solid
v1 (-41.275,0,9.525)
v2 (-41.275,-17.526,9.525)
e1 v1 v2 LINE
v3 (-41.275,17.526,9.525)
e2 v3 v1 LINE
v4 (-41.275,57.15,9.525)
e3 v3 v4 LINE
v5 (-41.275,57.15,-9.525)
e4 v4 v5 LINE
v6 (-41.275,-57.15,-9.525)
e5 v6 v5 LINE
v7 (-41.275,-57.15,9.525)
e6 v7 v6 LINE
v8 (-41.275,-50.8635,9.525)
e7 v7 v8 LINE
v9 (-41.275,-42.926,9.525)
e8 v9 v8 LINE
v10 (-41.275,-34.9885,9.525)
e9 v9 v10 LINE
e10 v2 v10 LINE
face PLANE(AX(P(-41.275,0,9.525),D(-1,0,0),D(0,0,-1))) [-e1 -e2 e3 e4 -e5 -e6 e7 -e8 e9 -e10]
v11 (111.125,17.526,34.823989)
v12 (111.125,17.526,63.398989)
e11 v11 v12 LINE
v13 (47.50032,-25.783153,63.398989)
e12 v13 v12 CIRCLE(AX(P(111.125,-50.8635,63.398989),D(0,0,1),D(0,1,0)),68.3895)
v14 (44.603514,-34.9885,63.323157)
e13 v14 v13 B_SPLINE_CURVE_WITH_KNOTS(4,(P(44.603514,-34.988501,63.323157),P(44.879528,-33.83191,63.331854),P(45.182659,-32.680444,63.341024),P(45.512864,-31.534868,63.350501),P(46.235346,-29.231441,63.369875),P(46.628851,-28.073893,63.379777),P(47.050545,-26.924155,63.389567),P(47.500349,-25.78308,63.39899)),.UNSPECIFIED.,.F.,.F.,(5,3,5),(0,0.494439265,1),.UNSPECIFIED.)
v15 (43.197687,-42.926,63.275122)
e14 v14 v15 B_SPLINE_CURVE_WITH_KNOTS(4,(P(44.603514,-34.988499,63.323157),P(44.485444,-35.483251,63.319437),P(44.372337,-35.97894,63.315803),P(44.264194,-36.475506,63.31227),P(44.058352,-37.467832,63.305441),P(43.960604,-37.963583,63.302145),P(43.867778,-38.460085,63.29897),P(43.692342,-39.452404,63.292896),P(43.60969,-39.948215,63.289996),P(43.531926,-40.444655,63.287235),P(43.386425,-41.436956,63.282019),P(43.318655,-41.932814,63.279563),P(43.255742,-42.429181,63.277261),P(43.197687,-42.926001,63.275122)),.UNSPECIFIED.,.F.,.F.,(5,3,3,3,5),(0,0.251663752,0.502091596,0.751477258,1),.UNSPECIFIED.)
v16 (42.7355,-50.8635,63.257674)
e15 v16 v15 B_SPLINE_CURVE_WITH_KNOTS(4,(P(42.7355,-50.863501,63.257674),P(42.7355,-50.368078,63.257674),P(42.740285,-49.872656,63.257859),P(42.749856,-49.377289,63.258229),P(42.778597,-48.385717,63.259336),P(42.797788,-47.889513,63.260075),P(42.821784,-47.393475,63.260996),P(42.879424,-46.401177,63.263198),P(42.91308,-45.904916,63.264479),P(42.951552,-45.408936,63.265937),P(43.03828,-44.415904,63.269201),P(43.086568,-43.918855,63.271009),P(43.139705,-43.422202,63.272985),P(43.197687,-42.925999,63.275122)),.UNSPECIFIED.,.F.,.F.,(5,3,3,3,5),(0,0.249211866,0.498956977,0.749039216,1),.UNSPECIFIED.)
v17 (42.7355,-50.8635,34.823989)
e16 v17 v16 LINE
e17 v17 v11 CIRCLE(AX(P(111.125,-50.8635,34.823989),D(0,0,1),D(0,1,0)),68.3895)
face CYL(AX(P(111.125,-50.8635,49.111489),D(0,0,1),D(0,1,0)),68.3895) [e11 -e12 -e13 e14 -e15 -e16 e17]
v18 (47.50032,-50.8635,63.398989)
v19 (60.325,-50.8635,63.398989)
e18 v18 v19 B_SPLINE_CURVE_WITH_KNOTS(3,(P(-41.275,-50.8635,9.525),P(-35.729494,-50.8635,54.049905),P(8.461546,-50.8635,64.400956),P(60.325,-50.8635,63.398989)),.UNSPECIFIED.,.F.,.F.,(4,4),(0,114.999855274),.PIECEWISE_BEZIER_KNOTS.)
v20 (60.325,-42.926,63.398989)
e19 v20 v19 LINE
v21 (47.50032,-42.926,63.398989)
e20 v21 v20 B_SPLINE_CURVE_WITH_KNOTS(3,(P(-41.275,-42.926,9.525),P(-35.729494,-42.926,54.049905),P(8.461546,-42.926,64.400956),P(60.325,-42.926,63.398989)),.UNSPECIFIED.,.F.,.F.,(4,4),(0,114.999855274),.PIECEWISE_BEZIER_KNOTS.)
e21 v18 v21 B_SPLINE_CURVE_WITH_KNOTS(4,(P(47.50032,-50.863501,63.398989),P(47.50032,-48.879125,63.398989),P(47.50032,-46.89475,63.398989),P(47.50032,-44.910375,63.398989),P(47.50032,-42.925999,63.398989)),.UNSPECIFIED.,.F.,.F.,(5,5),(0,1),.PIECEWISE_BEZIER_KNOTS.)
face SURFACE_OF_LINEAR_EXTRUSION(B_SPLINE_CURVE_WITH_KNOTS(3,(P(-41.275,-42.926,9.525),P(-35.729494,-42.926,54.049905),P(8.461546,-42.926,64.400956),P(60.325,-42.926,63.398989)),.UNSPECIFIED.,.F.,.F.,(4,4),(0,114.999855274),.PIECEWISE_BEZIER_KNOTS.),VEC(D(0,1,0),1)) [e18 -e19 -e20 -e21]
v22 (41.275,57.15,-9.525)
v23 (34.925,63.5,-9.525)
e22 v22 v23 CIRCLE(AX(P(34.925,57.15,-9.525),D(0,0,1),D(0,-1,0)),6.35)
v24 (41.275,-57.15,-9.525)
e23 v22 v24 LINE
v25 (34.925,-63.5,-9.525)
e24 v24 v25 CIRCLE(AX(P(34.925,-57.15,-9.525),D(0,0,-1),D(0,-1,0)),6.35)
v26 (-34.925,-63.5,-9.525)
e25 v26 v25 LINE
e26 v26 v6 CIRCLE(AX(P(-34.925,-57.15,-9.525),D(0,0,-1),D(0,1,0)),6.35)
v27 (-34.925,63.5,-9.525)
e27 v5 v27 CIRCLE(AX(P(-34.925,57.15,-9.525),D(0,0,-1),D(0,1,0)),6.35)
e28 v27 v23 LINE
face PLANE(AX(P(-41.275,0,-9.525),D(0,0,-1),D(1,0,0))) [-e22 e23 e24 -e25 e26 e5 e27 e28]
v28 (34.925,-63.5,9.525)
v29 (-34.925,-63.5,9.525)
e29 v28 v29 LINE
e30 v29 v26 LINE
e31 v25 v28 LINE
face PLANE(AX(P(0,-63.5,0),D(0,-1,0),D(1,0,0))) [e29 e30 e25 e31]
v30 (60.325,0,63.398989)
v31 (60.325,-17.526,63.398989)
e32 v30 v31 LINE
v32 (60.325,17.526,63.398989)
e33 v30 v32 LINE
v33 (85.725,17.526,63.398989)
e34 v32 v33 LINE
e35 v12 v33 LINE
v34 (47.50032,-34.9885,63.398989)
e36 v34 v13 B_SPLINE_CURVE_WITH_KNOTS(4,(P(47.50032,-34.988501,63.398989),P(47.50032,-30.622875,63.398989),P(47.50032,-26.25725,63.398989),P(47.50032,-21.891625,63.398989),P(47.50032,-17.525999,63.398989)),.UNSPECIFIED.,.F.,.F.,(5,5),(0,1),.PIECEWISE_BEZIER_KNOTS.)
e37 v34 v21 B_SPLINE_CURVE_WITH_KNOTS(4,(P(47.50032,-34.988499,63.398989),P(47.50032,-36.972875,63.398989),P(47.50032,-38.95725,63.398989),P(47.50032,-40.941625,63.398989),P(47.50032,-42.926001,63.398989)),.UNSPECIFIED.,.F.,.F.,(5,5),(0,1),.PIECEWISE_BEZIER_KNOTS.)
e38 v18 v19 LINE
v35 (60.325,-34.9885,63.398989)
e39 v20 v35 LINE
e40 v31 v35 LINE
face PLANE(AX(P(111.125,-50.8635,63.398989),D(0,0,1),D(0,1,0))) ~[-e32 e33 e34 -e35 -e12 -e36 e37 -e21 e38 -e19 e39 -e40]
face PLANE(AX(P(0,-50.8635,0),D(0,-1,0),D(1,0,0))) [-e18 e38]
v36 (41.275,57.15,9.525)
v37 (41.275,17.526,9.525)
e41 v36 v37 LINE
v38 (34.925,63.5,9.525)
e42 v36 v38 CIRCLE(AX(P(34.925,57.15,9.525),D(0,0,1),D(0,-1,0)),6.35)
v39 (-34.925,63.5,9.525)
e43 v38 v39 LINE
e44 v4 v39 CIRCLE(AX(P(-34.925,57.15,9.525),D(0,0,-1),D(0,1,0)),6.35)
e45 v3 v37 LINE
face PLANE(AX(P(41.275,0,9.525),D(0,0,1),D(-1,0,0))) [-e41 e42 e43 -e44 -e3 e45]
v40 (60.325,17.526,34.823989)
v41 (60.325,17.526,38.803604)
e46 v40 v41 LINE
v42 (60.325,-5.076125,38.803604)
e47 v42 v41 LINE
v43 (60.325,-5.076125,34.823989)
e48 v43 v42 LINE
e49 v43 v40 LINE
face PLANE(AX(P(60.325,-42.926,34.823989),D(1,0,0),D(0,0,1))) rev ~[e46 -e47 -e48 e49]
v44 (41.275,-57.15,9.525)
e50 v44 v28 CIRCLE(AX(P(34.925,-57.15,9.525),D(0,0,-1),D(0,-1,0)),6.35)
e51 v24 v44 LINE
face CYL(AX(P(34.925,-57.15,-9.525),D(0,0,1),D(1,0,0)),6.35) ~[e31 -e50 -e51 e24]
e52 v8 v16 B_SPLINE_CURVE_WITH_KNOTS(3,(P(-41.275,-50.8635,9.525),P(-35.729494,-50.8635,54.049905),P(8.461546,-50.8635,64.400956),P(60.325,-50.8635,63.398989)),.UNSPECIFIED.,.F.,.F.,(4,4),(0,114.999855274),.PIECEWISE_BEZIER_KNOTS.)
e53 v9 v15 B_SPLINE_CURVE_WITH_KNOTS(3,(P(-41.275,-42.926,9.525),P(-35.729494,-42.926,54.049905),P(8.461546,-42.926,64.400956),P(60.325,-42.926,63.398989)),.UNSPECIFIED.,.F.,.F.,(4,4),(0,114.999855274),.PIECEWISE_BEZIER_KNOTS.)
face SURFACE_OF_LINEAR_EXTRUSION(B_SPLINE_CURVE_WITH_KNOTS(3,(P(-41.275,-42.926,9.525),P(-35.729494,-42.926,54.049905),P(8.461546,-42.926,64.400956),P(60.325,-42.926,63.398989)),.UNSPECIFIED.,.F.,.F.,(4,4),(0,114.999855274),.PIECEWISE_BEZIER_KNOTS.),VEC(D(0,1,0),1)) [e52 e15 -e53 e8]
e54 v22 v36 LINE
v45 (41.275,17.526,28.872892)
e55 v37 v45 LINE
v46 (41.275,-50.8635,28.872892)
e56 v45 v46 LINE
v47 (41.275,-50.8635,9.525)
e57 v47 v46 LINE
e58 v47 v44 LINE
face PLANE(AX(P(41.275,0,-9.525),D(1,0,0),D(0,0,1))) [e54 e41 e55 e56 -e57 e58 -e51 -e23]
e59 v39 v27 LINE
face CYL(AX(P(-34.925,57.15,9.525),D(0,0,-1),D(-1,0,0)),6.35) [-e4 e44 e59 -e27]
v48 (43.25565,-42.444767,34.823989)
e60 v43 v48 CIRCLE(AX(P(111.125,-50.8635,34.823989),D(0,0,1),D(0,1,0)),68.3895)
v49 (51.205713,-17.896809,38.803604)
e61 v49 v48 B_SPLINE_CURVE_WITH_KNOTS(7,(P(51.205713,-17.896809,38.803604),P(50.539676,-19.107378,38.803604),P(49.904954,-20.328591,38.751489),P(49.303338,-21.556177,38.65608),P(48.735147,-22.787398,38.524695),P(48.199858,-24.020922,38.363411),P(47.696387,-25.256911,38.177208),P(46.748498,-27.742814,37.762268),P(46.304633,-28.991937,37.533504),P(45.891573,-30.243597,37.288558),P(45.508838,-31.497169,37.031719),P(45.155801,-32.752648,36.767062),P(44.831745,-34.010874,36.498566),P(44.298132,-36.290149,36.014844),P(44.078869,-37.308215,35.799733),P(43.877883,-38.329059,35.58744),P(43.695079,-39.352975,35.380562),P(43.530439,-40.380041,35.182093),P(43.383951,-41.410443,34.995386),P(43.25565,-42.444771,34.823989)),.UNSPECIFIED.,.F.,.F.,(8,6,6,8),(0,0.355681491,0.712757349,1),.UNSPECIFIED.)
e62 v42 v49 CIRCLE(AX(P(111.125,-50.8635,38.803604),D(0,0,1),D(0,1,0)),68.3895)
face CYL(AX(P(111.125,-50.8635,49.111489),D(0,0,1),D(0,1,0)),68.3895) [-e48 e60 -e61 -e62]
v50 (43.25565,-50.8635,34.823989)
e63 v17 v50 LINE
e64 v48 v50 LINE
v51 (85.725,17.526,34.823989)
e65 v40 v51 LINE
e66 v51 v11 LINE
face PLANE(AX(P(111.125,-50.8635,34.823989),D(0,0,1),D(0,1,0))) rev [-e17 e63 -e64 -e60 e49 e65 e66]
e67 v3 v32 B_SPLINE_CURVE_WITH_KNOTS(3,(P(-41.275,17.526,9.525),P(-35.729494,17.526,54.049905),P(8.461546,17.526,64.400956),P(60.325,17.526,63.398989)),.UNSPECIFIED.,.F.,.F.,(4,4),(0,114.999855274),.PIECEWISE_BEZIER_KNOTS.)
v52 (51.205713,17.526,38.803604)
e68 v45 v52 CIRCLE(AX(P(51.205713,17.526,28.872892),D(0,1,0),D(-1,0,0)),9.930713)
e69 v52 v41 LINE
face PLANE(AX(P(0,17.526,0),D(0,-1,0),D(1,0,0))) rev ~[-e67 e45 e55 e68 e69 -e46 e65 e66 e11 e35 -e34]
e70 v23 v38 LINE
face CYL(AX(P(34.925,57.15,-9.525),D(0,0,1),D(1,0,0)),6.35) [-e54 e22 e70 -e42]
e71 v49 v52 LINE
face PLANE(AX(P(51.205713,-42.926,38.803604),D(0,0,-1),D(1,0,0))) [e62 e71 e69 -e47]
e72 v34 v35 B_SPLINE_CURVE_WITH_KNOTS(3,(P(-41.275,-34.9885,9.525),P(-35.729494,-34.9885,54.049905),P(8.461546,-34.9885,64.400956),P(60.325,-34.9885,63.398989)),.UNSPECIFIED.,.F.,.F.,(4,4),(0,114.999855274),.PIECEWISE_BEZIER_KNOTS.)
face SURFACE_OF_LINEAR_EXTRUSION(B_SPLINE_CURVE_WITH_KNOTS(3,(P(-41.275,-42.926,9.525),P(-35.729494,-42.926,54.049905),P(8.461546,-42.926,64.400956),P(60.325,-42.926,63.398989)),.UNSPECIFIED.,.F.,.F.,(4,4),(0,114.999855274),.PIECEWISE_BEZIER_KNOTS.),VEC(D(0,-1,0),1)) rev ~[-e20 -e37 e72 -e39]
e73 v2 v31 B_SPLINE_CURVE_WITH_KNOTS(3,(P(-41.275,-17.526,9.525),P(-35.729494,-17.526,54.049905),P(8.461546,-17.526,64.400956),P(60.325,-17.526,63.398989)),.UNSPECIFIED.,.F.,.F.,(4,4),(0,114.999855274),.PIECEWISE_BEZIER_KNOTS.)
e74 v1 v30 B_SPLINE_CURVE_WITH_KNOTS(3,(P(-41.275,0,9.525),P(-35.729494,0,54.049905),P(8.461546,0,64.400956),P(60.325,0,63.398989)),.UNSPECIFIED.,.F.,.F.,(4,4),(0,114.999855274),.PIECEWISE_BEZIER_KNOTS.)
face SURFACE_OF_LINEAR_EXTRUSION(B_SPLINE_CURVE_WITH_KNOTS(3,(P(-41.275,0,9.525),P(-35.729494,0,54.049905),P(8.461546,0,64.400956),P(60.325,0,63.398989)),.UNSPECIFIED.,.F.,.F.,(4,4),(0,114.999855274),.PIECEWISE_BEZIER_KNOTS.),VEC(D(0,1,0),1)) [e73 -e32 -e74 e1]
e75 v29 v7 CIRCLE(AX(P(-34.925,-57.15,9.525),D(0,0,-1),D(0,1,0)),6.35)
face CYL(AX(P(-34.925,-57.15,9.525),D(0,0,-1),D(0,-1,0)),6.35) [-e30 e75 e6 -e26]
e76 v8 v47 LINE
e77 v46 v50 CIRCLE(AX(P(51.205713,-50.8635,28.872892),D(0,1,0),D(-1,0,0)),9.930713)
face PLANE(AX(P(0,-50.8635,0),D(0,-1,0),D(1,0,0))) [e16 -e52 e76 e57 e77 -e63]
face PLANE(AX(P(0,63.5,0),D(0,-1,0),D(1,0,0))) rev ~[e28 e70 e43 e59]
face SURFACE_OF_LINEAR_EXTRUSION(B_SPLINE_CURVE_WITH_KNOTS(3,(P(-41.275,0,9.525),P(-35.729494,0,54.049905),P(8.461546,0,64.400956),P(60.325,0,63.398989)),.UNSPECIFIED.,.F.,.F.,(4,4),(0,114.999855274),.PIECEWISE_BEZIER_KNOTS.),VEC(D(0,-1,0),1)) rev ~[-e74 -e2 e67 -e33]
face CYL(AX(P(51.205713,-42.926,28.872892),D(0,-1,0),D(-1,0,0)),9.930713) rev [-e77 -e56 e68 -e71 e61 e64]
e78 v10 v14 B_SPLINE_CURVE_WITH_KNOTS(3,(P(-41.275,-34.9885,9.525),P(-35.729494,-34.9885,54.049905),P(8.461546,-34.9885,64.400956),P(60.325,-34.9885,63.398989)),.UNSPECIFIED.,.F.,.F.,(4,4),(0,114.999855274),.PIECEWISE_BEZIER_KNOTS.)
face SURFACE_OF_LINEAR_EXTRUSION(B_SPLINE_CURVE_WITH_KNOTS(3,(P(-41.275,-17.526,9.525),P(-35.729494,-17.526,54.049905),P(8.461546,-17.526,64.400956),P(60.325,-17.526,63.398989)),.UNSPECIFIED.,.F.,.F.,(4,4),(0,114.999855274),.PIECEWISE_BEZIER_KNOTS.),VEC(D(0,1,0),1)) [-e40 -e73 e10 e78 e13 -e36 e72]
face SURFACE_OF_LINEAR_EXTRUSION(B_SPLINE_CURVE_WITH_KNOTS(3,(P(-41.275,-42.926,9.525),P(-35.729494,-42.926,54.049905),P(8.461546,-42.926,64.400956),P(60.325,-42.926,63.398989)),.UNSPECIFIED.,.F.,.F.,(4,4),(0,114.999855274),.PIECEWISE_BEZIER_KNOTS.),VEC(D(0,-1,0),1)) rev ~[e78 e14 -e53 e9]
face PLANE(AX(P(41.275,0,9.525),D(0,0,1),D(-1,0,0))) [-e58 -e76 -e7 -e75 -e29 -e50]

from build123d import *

# Parameters (mm, degrees)
F1_DEPTH  = 63.5
F0_W      = 25.4
F0_H      = 5.545384808
F0_H_2    = 19.05
F0_H_3    = 3.979615192
F2_DEPTH  = 17.526
F3_DEPTH  = 25.4
F4_DEPTH  = 7.9375
F4_FACE_W = 68.3895
F4_FACE_H = 28.575
F6_R      = 6.35


with BuildPart() as f1:
    # F0 (on Front) → F1 (new body, symmetric)
    with BuildSketch(Plane.XZ):
        Polygon((-41.275, -9.525), (41.275, -9.525), (41.275, 9.525), (22.225, 9.525), (-41.275, 9.525), align=None)
    extrude(amount=F1_DEPTH, both=True)

    # F0 (on Front) → F2 (join, symmetric)
    with BuildSketch(Plane.XZ):
        Polygon((-41.275, -9.525), (41.275, -9.525), (41.275, 9.525), (22.225, 9.525), (-41.275, 9.525), align=None)
        with BuildLine():
            Line((22.225, 9.525), (41.275, 9.525))
            Line((41.275, 9.525), (41.275, 28.8728918047))
            ThreePointArc((41.275, 28.8728918047), (44.1836383767, 35.8949660218), (51.2057125939, 38.8036043985))
            Line((51.2057125939, 38.8036043985), (60.325, 38.8036043985))
            Line((60.325, 38.8036043985), (60.325, 57.8536043985))
            Line((60.325, 57.8536043985), (51.2057125939, 57.8536043985))
            ThreePointArc((51.2057125939, 57.8536043985), (30.7132541951, 49.3653502034), (22.225, 28.8728918047))
            Line((22.225, 28.8728918047), (22.225, 9.525))
        make_face()
        with BuildLine():
            add(Edge.make_bspline(
                [(-41.275, 9.525), (-35.7294939458, 54.0499053895), (8.4615461528, 64.4009560347), (60.325, 63.3989892066)],
                knots=[0, 0, 0, 0, 114.9998552739, 114.9998552739, 114.9998552739, 114.9998552739], degree=3))
            Line((-41.275, 9.525), (22.225, 9.525))
            Line((22.225, 9.525), (22.225, 28.8728918047))
            ThreePointArc((22.225, 28.8728918047), (30.7132541951, 49.3653502034), (51.2057125939, 57.8536043985))
            Line((51.2057125939, 57.8536043985), (60.325, 57.8536043985))
            Line((60.325, 57.8536043985), (60.325, 63.3989892066))
        make_face()
        with Locations((73.025, 60.6262968025)):
            Rectangle(F0_W, F0_H)
        Polygon((111.125, 63.3989892066), (85.725, 63.3989892066), (85.725, 57.8536043985), (85.725, 38.8036043985), (85.725, 34.8239892066), (111.125, 34.8239892066), align=None)
        with Locations((73.025, 48.3286043985)):
            Rectangle(F0_W, F0_H_2)
        with Locations((73.025, 36.8137968025)):
            Rectangle(F0_W, F0_H_3)
    extrude(amount=F2_DEPTH, both=True)

    # F3 (add, symmetric): a face of the model
    f3_faces = [f1.faces().sort_by_distance(p)[0] for p in [
        (31.3502124895, -17.526, 38.5126856462),
    ]]
    extrude(f3_faces, amount=F3_DEPTH, both=True)

    # F4 (add, symmetric): a face of the model
    f4_faces = [f1.faces().sort_by_distance(p)[0] for p in [
        (31.3502124895, -42.926, 38.5126856462),
    ]]
    extrude(f4_faces, amount=F4_DEPTH, both=True)

    # F4_face (on face) → F5 (revolve)
    with BuildSketch(Plane(origin=(111.125, -16.66875, 49.1114892066), x_dir=(0, 1, 0), z_dir=(1, 0, 0))):
        Rectangle(F4_FACE_W, F4_FACE_H)
    revolve(axis=Axis((111.125, -50.8635, 49.1114892066), (0, 0, 1)))

    # F6
    f6_edges = [f1.edges().sort_by_distance(p)[0] for p in [
        (-41.275, -63.5, 0),
        (41.275, -63.5, 0),
        (41.275, 63.5, 0),
        (-41.275, 63.5, 0),
    ]]
    fillet(f6_edges, radius=F6_R)


solid = f1.part
